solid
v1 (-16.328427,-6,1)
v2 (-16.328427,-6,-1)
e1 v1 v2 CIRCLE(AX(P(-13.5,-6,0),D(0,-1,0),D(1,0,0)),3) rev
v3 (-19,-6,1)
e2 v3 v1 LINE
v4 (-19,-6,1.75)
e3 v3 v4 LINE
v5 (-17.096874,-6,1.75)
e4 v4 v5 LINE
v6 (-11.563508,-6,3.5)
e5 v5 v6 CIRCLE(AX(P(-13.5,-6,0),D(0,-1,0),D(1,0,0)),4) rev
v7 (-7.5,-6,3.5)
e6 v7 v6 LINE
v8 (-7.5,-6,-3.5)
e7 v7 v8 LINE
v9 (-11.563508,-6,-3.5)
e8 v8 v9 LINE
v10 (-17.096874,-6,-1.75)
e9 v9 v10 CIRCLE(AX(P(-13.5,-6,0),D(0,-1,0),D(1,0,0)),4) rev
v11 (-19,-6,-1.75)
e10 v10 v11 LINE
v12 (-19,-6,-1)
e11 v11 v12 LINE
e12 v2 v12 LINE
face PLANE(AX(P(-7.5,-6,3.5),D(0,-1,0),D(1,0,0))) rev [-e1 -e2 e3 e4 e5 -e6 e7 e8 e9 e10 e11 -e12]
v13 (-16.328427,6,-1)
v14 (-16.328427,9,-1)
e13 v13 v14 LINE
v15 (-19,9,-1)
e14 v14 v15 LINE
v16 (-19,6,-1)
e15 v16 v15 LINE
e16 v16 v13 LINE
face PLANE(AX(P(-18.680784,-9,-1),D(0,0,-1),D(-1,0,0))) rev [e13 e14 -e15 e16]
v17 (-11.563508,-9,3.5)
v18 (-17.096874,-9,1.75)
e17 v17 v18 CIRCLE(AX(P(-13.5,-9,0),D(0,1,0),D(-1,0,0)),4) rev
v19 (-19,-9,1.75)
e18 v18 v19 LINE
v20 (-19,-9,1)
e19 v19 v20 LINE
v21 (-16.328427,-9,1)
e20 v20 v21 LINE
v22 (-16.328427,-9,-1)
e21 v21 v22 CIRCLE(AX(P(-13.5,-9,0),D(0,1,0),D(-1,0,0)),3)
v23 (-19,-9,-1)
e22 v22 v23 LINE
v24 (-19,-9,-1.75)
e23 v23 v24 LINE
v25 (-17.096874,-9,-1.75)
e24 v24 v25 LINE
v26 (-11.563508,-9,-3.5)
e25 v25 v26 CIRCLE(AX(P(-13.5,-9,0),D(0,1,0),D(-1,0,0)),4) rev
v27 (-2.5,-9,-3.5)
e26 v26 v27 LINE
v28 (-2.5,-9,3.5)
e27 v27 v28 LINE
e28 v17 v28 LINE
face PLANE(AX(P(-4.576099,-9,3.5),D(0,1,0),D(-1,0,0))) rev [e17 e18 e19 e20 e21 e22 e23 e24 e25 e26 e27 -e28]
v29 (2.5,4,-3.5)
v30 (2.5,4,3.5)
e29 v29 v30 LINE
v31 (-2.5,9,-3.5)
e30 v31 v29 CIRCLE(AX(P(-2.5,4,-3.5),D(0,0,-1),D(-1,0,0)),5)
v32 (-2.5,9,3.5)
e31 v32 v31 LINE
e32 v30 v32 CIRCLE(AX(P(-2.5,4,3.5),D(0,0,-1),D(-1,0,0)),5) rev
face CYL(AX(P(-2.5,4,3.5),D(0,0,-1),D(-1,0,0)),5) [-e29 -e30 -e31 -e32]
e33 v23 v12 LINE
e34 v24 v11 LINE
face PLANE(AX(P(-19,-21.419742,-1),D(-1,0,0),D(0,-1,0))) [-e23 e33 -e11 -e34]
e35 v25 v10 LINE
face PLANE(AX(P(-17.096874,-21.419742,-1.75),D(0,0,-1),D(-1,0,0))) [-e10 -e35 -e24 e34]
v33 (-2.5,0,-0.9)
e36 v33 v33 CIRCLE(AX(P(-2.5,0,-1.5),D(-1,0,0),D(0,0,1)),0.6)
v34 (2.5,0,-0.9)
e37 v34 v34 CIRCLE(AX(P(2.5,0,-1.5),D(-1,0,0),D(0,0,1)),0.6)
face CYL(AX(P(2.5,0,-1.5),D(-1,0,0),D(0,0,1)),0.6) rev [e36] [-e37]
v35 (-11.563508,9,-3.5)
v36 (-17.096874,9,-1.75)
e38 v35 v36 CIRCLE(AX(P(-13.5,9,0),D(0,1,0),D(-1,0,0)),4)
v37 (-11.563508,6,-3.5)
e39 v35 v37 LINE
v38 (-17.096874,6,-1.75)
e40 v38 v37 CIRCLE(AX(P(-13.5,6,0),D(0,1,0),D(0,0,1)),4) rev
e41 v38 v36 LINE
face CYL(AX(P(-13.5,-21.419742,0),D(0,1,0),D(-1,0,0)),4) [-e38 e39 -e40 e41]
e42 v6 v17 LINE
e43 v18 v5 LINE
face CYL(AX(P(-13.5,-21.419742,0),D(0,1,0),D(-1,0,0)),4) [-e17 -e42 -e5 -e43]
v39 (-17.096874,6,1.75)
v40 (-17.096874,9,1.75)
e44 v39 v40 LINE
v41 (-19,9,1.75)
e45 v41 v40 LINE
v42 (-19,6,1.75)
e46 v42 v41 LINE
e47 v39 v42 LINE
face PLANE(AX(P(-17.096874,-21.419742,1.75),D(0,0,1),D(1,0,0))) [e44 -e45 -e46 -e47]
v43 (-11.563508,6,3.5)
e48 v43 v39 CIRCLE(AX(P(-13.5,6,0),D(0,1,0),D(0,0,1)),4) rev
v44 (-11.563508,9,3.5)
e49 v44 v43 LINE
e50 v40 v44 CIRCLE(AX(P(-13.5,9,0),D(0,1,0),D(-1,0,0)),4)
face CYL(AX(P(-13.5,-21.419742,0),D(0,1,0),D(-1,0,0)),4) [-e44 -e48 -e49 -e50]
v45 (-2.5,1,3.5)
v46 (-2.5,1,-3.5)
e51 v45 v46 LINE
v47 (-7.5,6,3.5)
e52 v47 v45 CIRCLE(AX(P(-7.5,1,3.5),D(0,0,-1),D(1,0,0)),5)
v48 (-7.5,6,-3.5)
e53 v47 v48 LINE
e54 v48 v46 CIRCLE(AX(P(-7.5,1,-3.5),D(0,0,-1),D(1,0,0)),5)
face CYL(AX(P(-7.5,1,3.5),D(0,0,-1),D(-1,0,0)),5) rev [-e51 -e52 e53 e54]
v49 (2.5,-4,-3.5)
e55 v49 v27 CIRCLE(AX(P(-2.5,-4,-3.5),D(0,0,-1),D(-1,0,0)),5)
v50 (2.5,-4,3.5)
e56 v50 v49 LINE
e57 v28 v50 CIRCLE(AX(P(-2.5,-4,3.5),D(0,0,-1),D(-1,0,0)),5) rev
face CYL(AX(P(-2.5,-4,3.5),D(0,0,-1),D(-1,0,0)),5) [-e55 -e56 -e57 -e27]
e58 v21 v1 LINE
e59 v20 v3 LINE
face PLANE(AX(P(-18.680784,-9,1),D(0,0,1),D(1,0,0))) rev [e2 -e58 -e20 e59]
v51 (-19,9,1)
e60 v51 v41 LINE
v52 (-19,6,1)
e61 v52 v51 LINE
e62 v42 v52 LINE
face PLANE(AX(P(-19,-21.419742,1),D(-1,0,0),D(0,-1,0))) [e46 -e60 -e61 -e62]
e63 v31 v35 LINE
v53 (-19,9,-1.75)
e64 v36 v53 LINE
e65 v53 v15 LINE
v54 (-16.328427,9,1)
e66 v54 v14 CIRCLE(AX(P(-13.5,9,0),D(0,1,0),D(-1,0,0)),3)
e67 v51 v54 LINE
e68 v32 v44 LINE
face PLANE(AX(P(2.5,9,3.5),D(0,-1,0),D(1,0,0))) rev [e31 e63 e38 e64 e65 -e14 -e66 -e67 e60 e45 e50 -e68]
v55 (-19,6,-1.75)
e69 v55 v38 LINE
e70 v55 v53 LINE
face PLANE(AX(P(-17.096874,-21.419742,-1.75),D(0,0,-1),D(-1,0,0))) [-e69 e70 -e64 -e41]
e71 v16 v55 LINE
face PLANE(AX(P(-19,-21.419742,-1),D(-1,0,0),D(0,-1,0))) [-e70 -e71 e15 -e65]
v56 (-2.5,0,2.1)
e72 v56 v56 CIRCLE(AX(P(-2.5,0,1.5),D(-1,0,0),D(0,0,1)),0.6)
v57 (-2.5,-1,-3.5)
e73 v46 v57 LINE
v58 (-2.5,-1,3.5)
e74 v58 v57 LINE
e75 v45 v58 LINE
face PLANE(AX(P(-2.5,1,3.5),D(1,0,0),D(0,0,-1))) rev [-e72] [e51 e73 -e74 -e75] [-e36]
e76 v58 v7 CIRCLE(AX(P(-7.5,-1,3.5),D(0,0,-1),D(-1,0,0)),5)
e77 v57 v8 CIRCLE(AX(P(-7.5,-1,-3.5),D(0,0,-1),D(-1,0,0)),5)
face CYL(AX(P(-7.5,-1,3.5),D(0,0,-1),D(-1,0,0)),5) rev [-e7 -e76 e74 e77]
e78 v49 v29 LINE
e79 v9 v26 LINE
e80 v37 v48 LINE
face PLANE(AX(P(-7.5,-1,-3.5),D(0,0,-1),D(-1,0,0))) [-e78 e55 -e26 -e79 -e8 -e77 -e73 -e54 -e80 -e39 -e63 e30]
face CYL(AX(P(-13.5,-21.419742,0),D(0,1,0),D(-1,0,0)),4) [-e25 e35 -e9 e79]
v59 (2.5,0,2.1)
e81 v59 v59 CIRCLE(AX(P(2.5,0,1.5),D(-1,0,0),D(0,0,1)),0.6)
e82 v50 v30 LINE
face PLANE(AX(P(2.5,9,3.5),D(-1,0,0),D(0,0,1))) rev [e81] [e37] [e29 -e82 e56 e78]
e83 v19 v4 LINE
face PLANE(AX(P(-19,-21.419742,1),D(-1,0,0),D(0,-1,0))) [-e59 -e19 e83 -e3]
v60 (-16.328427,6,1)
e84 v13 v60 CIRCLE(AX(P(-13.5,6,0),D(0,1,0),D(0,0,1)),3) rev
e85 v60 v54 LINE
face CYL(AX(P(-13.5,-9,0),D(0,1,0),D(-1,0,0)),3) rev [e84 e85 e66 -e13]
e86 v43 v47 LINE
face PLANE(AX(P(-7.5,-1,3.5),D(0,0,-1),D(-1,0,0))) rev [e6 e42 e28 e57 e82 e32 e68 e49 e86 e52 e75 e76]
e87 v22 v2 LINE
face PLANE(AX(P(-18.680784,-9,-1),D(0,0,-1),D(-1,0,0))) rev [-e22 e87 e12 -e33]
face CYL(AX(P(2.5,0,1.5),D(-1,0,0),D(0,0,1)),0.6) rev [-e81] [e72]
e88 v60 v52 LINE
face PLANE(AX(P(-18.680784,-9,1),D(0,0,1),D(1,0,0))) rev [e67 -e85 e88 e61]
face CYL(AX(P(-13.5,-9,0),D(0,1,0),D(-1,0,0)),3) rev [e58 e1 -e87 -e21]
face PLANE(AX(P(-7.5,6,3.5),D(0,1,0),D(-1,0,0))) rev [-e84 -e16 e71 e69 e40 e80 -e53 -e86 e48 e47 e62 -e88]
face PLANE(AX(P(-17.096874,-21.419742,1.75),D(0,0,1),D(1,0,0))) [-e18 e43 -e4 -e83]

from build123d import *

# Parameters (mm, degrees)
BOSS_EXTRUDE1_DEPTH     = 3.5
SKETCH2_R               = 0.6
CUT_EXTRUDE1_DEPTH      = 18.839562775
CUT_EXTRUDE2_DEPTH      = 26.347583711
BOSS_EXTRUDE3_START     = -18
SKETCH8_R               = 3
BOSS_EXTRUDE3_DEPTH     = 18
CUT_EXTRUDE6_DEPTH      = 23.321514286
CUT_EXTRUDE6_DEPTH_BACK = 23.321514286
SKETCH9_W               = 14.986497077
SKETCH9_H               = 12
CUT_EXTRUDE8_DEPTH      = 27.47640459
FILLET1_R               = 5


with BuildPart() as part:
    # Sketch1 → Boss-Extrude1 (new, symmetric)
    with BuildSketch(Plane.XY):
        with BuildLine():
            Line((-7.5, 6), (-17.5, 6))
            Line((-17.5, 6), (-17.5, 9))
            Line((-17.5, 9), (2.5, 9))
            Line((2.5, 9), (2.5, -9))
            Line((2.5, -9), (-4.576098932, -9))
            Line((-4.576098932, -9), (-17.5, -9))
            Line((-17.5, -9), (-17.5, -6))
            Line((-17.5, -6), (-7.5, -6))
            ThreePointArc((-7.5, -6), (-3.964466094, -4.535533906), (-2.5, -1))
            Line((-2.5, -1), (-2.5, 1))
            ThreePointArc((-2.5, 1), (-3.964466094, 4.535533906), (-7.5, 6))
        make_face()
    extrude(amount=BOSS_EXTRUDE1_DEPTH, both=True)

    # Sketch2 → Cut-Extrude1 (cut, through all)
    with BuildSketch(Plane.ZY.offset(2.5)):
        with Locations((1.5, 0)):
            Circle(SKETCH2_R)
        with Locations((-1.5, 0)):
            Circle(SKETCH2_R)
    extrude(amount=-CUT_EXTRUDE1_DEPTH, mode=Mode.SUBTRACT)

    # Sketch3 → Cut-Extrude2 (cut, through all)
    with BuildSketch(Plane(origin=(0, 9, 0), x_dir=(1, 0, 0), z_dir=(0, 1, 0))):
        with BuildLine():
            Line((-18.680784021, 1), (-16.328427125, 1))
            ThreePointArc((-16.328427125, 1), (-10.5, 0), (-16.328427125, -1))
            Line((-16.328427125, -1), (-18.680784021, -1))
            Line((-18.680784021, -1), (-18.680784021, 1))
        make_face()
    extrude(amount=-CUT_EXTRUDE2_DEPTH, mode=Mode.SUBTRACT)

    # Sketch8 → Boss-Extrude3 (add)
    with BuildSketch(Plane(origin=(0, 9, 0), x_dir=(1, 0, 0), z_dir=(0, 1, 0)).offset(BOSS_EXTRUDE3_START)):
        with BuildLine():
            Line((-17.372983346, 1), (-19, 1))
            Line((-19, 1), (-19, 1.75))
            Line((-19, 1.75), (-17.096873642, 1.75))
            ThreePointArc((-17.096873642, 1.75), (-9.5, 0), (-17.096873642, -1.75))
            Line((-17.096873642, -1.75), (-19, -1.75))
            Line((-19, -1.75), (-19, -1))
            Line((-19, -1), (-17.372983346, -1))
            ThreePointArc((-17.372983346, -1), (-17.5, 0), (-17.372983346, 1))
        make_face()
        with Locations(Location((-13.5, 0, 0), (0, 0, 180))):
            Circle(SKETCH8_R, mode=Mode.SUBTRACT)
    extrude(amount=BOSS_EXTRUDE3_DEPTH)

    # Sketch9 → Cut-Extrude6 (cut, two sides: drawn at the far end of the back side and taken through both)
    with BuildSketch(Plane(origin=(0, 0, -3.5), x_dir=(-1, 0, 0), z_dir=(0, 0, -1)).offset(-CUT_EXTRUDE6_DEPTH_BACK)):
        with Locations((14.993248539, 0)):
            Rectangle(SKETCH9_W, SKETCH9_H)
    extrude(amount=CUT_EXTRUDE6_DEPTH + CUT_EXTRUDE6_DEPTH_BACK, mode=Mode.SUBTRACT)

    # Sketch10 → Cut-Extrude8 (cut, through all)
    with BuildSketch(Plane(origin=(0, 9, 0), x_dir=(1, 0, 0), z_dir=(0, 1, 0))):
        with BuildLine():
            Line((-17.5, 1.75), (-17.096873642, 1.75))
            ThreePointArc((-17.096873642, 1.75), (-16.401750839, 2.753151298), (-15.436491673, 3.5))
            Line((-15.436491673, 3.5), (-17.5, 3.5))
            Line((-17.5, 3.5), (-17.5, 1.75))
        make_face()
        with BuildLine():
            Line((-17.5, -1.75), (-17.096873642, -1.75))
            ThreePointArc((-17.096873642, -1.75), (-16.401750839, -2.753151298), (-15.436491673, -3.5))
            Line((-15.436491673, -3.5), (-17.5, -3.5))
            Line((-17.5, -3.5), (-17.5, -1.75))
        make_face()
        with BuildLine():
            Line((-17.372983346, -1), (-16.328427125, -1))
            ThreePointArc((-16.328427125, -1), (-16.5, 0), (-16.328427125, 1))
            Line((-16.328427125, 1), (-17.372983346, 1))
            ThreePointArc((-17.372983346, 1), (-17.5, 0), (-17.372983346, -1))
        make_face()
    extrude(amount=-CUT_EXTRUDE8_DEPTH, mode=Mode.SUBTRACT)

    # Fillet1
    fillet1_edges = [part.edges().sort_by_distance(p)[0] for p in [
        (2.5, 9, 0),
        (2.5, -9, 0),
    ]]
    fillet(fillet1_edges, radius=FILLET1_R)


solid = part.part
